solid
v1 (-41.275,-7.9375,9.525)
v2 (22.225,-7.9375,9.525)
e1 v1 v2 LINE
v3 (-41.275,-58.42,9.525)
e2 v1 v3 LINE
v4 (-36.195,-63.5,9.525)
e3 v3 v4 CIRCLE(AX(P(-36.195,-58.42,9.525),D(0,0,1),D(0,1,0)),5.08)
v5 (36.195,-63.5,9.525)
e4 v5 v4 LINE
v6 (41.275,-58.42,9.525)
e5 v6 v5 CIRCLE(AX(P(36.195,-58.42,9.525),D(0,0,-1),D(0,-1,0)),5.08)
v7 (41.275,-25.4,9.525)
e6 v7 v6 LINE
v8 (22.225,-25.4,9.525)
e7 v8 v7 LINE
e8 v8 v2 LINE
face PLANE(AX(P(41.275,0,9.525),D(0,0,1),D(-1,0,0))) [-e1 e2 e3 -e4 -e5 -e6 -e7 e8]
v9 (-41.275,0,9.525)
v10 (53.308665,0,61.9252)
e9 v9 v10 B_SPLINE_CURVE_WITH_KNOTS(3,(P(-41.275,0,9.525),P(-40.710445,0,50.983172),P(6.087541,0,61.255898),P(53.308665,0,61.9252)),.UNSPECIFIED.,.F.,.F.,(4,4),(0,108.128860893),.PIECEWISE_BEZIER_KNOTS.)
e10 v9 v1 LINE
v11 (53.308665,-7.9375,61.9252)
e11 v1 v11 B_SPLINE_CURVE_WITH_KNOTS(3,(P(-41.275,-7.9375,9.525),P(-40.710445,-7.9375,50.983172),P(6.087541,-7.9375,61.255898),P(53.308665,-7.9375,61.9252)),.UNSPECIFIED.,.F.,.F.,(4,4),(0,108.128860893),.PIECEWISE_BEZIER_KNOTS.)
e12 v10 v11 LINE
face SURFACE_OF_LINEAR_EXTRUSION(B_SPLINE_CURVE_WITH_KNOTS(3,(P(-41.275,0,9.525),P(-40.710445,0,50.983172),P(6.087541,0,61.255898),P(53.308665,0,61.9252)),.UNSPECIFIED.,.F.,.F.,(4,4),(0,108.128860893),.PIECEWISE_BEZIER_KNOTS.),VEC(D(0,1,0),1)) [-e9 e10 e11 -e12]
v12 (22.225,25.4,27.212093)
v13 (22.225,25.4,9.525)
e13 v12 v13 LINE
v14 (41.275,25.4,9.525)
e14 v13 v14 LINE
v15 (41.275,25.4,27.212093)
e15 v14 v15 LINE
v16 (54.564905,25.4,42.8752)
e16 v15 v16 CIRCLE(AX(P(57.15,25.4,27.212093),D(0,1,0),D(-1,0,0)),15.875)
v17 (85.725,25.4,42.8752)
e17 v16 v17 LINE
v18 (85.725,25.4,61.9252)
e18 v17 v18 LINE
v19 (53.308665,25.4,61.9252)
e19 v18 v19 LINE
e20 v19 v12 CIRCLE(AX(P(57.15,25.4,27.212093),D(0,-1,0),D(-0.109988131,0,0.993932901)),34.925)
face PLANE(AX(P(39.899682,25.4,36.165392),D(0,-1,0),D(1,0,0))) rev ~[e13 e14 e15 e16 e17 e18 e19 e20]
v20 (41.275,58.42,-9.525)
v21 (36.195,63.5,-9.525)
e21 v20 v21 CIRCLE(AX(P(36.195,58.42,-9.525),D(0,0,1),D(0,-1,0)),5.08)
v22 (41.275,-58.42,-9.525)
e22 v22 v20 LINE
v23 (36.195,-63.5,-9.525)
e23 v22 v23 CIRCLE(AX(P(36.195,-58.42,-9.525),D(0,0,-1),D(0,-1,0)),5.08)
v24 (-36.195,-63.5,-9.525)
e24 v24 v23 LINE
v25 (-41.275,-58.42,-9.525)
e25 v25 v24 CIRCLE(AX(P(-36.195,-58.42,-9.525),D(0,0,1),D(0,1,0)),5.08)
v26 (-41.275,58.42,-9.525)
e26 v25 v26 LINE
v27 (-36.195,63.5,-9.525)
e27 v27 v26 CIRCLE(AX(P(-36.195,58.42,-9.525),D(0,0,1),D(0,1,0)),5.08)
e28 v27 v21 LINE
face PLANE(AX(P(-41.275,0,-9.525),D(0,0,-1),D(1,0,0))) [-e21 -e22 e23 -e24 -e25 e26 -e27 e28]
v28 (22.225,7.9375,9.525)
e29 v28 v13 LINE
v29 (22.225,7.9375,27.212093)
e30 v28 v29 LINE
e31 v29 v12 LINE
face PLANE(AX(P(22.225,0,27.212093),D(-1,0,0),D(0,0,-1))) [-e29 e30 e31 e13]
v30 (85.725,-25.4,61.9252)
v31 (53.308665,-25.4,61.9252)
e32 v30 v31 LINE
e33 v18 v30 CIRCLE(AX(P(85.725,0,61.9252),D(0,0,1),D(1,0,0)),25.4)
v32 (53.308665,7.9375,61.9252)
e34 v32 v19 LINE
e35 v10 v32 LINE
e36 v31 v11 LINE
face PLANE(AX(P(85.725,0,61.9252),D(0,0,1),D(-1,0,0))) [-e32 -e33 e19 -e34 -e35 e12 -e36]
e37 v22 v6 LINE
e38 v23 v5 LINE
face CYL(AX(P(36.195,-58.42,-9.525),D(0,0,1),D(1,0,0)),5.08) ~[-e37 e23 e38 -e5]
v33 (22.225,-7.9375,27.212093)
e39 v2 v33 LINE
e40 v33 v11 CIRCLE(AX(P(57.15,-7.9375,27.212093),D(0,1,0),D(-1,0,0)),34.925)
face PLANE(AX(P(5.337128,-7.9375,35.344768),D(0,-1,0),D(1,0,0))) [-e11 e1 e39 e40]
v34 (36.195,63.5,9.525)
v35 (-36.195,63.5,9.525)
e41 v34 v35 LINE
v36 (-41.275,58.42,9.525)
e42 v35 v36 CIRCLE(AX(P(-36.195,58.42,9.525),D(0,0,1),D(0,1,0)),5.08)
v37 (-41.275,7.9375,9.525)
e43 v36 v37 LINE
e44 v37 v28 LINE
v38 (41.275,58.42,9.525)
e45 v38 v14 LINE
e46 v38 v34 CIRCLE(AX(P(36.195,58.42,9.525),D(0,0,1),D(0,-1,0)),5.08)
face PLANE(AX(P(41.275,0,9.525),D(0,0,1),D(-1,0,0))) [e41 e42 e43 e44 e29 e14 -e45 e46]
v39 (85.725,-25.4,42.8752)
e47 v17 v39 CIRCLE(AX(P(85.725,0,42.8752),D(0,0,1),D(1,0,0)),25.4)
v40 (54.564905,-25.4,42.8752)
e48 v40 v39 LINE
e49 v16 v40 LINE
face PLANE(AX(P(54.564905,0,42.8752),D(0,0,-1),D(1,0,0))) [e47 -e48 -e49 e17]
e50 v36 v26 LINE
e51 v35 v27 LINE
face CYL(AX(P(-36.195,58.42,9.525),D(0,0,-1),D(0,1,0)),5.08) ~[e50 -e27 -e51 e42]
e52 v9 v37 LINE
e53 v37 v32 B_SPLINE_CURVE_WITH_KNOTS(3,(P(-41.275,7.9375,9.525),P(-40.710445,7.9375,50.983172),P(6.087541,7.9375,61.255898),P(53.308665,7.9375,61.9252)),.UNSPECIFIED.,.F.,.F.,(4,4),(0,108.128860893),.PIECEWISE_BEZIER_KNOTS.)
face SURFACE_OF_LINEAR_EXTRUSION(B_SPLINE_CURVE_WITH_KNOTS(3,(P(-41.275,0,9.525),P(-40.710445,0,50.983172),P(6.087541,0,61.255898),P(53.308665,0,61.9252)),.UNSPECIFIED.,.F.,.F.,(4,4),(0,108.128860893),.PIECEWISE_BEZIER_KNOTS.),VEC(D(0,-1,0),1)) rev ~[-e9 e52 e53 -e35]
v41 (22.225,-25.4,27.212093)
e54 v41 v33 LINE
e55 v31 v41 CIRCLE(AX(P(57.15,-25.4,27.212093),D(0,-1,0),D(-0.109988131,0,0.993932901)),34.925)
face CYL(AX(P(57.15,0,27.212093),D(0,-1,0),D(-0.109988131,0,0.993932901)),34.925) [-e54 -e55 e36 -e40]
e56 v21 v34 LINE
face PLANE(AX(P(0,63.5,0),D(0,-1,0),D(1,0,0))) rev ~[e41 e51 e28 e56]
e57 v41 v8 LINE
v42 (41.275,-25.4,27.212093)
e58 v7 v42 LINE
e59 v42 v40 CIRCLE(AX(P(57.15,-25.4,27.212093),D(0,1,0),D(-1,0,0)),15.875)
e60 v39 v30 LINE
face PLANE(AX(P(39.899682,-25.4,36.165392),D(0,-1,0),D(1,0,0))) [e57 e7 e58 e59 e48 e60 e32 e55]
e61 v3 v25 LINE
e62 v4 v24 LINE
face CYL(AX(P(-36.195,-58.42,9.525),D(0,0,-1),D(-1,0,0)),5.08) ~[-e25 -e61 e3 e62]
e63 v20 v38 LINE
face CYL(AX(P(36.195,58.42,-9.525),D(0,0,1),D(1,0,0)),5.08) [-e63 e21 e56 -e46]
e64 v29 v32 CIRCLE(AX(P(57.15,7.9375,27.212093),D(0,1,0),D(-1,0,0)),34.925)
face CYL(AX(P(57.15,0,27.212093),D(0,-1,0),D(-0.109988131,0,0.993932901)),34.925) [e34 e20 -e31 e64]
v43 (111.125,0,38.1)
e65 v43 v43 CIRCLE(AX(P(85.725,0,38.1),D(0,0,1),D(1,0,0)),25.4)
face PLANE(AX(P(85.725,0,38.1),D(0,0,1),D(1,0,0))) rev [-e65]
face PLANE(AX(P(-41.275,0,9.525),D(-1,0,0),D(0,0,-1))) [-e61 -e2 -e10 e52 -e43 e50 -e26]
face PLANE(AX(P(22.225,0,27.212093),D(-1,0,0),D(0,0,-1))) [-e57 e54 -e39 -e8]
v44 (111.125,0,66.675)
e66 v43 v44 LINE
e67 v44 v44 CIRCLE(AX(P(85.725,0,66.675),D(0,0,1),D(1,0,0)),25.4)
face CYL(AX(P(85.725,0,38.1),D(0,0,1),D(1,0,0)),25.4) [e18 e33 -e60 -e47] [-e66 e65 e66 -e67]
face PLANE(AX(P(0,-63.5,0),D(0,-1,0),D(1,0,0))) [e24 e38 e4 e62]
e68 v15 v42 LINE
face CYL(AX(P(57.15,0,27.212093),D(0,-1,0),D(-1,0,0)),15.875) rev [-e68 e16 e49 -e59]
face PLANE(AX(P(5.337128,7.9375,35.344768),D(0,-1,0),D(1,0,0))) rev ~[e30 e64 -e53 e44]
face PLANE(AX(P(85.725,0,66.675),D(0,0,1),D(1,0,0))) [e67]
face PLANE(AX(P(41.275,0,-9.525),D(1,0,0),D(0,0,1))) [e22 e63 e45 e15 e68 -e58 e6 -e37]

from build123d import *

# Parameters (mm, degrees)
F1_DEPTH = 63.5
F0_W     = 25.4
F0_H     = 19.05
F2_DEPTH = 25.4
F3_DEPTH = 7.9375
F5_R     = 5.08
F6_R     = 5.08
F7_R     = 5.08
F8_R     = 5.08


with BuildPart() as f1:
    # F0 (on Front) → F1 (new body, symmetric)
    with BuildSketch(Plane.XZ):
        Polygon((41.275, -9.525), (41.275, 9.525), (22.225, 9.525), (-41.275, 9.525), (-41.275, -9.525), align=None)
    extrude(amount=F1_DEPTH, both=True)

    # F0 (on Front) → F2 (join, symmetric)
    with BuildSketch(Plane.XZ):
        with BuildLine():
            Line((22.225, 9.525), (41.275, 9.525))
            Line((41.275, 9.525), (41.275, 27.2120934423))
            ThreePointArc((41.275, 27.2120934423), (45.0451659726, 37.4828586606), (54.5649046512, 42.8752))
            Line((54.5649046512, 42.8752), (60.325, 42.8752))
            Line((60.325, 42.8752), (60.325, 61.9252))
            Line((60.325, 61.9252), (53.3086645403, 61.9252))
            ThreePointArc((53.3086645403, 61.9252), (31.1316001075, 50.5101296693), (22.225, 27.2120934423))
            Line((22.225, 27.2120934423), (22.225, 9.525))
        make_face()
        with Locations((73.025, 52.4002)):
            Rectangle(F0_W, F0_H)
    extrude(amount=F2_DEPTH, both=True)

    # F0 (on Front) → F3 (join, symmetric)
    with BuildSketch(Plane.XZ):
        with BuildLine():
            Line((-41.275, 9.525), (22.225, 9.525))
            Line((22.225, 9.525), (22.225, 27.2120934423))
            ThreePointArc((22.225, 27.2120934423), (31.1316001075, 50.5101296693), (53.3086645403, 61.9252))
            add(Edge.make_bspline(
                [(-41.275, 9.525), (-40.7104454935, 50.98317191), (6.0875406489, 61.2558983266), (53.3086645403, 61.9252)],
                knots=[0, 0, 0, 0, 108.1288608925, 108.1288608925, 108.1288608925, 108.1288608925], degree=3))
        make_face()
    extrude(amount=F3_DEPTH, both=True)

    # F0 (on Front) → F4 (revolve)
    with BuildSketch(Plane.XZ):
        Polygon((85.725, 61.9252), (85.725, 42.8752), (85.725, 38.1), (111.125, 38.1), (111.125, 66.675), (85.725, 66.675), align=None)
    revolve(axis=Axis((85.725, 0, 52.3875), (0, 0, 1)))

    # F5
    f5_edges = [f1.edges().sort_by_distance(p)[0] for p in [
        (41.275, -63.5, 0),
    ]]
    fillet(f5_edges, radius=F5_R)

    # F6
    f6_edges = [f1.edges().sort_by_distance(p)[0] for p in [
        (41.275, 63.5, 0),
    ]]
    fillet(f6_edges, radius=F6_R)

    # F7
    f7_edges = [f1.edges().sort_by_distance(p)[0] for p in [
        (-41.275, 63.5, 0),
    ]]
    fillet(f7_edges, radius=F7_R)

    # F8
    f8_edges = [f1.edges().sort_by_distance(p)[0] for p in [
        (-41.275, -63.5, 0),
    ]]
    fillet(f8_edges, radius=F8_R)


solid = f1.part
